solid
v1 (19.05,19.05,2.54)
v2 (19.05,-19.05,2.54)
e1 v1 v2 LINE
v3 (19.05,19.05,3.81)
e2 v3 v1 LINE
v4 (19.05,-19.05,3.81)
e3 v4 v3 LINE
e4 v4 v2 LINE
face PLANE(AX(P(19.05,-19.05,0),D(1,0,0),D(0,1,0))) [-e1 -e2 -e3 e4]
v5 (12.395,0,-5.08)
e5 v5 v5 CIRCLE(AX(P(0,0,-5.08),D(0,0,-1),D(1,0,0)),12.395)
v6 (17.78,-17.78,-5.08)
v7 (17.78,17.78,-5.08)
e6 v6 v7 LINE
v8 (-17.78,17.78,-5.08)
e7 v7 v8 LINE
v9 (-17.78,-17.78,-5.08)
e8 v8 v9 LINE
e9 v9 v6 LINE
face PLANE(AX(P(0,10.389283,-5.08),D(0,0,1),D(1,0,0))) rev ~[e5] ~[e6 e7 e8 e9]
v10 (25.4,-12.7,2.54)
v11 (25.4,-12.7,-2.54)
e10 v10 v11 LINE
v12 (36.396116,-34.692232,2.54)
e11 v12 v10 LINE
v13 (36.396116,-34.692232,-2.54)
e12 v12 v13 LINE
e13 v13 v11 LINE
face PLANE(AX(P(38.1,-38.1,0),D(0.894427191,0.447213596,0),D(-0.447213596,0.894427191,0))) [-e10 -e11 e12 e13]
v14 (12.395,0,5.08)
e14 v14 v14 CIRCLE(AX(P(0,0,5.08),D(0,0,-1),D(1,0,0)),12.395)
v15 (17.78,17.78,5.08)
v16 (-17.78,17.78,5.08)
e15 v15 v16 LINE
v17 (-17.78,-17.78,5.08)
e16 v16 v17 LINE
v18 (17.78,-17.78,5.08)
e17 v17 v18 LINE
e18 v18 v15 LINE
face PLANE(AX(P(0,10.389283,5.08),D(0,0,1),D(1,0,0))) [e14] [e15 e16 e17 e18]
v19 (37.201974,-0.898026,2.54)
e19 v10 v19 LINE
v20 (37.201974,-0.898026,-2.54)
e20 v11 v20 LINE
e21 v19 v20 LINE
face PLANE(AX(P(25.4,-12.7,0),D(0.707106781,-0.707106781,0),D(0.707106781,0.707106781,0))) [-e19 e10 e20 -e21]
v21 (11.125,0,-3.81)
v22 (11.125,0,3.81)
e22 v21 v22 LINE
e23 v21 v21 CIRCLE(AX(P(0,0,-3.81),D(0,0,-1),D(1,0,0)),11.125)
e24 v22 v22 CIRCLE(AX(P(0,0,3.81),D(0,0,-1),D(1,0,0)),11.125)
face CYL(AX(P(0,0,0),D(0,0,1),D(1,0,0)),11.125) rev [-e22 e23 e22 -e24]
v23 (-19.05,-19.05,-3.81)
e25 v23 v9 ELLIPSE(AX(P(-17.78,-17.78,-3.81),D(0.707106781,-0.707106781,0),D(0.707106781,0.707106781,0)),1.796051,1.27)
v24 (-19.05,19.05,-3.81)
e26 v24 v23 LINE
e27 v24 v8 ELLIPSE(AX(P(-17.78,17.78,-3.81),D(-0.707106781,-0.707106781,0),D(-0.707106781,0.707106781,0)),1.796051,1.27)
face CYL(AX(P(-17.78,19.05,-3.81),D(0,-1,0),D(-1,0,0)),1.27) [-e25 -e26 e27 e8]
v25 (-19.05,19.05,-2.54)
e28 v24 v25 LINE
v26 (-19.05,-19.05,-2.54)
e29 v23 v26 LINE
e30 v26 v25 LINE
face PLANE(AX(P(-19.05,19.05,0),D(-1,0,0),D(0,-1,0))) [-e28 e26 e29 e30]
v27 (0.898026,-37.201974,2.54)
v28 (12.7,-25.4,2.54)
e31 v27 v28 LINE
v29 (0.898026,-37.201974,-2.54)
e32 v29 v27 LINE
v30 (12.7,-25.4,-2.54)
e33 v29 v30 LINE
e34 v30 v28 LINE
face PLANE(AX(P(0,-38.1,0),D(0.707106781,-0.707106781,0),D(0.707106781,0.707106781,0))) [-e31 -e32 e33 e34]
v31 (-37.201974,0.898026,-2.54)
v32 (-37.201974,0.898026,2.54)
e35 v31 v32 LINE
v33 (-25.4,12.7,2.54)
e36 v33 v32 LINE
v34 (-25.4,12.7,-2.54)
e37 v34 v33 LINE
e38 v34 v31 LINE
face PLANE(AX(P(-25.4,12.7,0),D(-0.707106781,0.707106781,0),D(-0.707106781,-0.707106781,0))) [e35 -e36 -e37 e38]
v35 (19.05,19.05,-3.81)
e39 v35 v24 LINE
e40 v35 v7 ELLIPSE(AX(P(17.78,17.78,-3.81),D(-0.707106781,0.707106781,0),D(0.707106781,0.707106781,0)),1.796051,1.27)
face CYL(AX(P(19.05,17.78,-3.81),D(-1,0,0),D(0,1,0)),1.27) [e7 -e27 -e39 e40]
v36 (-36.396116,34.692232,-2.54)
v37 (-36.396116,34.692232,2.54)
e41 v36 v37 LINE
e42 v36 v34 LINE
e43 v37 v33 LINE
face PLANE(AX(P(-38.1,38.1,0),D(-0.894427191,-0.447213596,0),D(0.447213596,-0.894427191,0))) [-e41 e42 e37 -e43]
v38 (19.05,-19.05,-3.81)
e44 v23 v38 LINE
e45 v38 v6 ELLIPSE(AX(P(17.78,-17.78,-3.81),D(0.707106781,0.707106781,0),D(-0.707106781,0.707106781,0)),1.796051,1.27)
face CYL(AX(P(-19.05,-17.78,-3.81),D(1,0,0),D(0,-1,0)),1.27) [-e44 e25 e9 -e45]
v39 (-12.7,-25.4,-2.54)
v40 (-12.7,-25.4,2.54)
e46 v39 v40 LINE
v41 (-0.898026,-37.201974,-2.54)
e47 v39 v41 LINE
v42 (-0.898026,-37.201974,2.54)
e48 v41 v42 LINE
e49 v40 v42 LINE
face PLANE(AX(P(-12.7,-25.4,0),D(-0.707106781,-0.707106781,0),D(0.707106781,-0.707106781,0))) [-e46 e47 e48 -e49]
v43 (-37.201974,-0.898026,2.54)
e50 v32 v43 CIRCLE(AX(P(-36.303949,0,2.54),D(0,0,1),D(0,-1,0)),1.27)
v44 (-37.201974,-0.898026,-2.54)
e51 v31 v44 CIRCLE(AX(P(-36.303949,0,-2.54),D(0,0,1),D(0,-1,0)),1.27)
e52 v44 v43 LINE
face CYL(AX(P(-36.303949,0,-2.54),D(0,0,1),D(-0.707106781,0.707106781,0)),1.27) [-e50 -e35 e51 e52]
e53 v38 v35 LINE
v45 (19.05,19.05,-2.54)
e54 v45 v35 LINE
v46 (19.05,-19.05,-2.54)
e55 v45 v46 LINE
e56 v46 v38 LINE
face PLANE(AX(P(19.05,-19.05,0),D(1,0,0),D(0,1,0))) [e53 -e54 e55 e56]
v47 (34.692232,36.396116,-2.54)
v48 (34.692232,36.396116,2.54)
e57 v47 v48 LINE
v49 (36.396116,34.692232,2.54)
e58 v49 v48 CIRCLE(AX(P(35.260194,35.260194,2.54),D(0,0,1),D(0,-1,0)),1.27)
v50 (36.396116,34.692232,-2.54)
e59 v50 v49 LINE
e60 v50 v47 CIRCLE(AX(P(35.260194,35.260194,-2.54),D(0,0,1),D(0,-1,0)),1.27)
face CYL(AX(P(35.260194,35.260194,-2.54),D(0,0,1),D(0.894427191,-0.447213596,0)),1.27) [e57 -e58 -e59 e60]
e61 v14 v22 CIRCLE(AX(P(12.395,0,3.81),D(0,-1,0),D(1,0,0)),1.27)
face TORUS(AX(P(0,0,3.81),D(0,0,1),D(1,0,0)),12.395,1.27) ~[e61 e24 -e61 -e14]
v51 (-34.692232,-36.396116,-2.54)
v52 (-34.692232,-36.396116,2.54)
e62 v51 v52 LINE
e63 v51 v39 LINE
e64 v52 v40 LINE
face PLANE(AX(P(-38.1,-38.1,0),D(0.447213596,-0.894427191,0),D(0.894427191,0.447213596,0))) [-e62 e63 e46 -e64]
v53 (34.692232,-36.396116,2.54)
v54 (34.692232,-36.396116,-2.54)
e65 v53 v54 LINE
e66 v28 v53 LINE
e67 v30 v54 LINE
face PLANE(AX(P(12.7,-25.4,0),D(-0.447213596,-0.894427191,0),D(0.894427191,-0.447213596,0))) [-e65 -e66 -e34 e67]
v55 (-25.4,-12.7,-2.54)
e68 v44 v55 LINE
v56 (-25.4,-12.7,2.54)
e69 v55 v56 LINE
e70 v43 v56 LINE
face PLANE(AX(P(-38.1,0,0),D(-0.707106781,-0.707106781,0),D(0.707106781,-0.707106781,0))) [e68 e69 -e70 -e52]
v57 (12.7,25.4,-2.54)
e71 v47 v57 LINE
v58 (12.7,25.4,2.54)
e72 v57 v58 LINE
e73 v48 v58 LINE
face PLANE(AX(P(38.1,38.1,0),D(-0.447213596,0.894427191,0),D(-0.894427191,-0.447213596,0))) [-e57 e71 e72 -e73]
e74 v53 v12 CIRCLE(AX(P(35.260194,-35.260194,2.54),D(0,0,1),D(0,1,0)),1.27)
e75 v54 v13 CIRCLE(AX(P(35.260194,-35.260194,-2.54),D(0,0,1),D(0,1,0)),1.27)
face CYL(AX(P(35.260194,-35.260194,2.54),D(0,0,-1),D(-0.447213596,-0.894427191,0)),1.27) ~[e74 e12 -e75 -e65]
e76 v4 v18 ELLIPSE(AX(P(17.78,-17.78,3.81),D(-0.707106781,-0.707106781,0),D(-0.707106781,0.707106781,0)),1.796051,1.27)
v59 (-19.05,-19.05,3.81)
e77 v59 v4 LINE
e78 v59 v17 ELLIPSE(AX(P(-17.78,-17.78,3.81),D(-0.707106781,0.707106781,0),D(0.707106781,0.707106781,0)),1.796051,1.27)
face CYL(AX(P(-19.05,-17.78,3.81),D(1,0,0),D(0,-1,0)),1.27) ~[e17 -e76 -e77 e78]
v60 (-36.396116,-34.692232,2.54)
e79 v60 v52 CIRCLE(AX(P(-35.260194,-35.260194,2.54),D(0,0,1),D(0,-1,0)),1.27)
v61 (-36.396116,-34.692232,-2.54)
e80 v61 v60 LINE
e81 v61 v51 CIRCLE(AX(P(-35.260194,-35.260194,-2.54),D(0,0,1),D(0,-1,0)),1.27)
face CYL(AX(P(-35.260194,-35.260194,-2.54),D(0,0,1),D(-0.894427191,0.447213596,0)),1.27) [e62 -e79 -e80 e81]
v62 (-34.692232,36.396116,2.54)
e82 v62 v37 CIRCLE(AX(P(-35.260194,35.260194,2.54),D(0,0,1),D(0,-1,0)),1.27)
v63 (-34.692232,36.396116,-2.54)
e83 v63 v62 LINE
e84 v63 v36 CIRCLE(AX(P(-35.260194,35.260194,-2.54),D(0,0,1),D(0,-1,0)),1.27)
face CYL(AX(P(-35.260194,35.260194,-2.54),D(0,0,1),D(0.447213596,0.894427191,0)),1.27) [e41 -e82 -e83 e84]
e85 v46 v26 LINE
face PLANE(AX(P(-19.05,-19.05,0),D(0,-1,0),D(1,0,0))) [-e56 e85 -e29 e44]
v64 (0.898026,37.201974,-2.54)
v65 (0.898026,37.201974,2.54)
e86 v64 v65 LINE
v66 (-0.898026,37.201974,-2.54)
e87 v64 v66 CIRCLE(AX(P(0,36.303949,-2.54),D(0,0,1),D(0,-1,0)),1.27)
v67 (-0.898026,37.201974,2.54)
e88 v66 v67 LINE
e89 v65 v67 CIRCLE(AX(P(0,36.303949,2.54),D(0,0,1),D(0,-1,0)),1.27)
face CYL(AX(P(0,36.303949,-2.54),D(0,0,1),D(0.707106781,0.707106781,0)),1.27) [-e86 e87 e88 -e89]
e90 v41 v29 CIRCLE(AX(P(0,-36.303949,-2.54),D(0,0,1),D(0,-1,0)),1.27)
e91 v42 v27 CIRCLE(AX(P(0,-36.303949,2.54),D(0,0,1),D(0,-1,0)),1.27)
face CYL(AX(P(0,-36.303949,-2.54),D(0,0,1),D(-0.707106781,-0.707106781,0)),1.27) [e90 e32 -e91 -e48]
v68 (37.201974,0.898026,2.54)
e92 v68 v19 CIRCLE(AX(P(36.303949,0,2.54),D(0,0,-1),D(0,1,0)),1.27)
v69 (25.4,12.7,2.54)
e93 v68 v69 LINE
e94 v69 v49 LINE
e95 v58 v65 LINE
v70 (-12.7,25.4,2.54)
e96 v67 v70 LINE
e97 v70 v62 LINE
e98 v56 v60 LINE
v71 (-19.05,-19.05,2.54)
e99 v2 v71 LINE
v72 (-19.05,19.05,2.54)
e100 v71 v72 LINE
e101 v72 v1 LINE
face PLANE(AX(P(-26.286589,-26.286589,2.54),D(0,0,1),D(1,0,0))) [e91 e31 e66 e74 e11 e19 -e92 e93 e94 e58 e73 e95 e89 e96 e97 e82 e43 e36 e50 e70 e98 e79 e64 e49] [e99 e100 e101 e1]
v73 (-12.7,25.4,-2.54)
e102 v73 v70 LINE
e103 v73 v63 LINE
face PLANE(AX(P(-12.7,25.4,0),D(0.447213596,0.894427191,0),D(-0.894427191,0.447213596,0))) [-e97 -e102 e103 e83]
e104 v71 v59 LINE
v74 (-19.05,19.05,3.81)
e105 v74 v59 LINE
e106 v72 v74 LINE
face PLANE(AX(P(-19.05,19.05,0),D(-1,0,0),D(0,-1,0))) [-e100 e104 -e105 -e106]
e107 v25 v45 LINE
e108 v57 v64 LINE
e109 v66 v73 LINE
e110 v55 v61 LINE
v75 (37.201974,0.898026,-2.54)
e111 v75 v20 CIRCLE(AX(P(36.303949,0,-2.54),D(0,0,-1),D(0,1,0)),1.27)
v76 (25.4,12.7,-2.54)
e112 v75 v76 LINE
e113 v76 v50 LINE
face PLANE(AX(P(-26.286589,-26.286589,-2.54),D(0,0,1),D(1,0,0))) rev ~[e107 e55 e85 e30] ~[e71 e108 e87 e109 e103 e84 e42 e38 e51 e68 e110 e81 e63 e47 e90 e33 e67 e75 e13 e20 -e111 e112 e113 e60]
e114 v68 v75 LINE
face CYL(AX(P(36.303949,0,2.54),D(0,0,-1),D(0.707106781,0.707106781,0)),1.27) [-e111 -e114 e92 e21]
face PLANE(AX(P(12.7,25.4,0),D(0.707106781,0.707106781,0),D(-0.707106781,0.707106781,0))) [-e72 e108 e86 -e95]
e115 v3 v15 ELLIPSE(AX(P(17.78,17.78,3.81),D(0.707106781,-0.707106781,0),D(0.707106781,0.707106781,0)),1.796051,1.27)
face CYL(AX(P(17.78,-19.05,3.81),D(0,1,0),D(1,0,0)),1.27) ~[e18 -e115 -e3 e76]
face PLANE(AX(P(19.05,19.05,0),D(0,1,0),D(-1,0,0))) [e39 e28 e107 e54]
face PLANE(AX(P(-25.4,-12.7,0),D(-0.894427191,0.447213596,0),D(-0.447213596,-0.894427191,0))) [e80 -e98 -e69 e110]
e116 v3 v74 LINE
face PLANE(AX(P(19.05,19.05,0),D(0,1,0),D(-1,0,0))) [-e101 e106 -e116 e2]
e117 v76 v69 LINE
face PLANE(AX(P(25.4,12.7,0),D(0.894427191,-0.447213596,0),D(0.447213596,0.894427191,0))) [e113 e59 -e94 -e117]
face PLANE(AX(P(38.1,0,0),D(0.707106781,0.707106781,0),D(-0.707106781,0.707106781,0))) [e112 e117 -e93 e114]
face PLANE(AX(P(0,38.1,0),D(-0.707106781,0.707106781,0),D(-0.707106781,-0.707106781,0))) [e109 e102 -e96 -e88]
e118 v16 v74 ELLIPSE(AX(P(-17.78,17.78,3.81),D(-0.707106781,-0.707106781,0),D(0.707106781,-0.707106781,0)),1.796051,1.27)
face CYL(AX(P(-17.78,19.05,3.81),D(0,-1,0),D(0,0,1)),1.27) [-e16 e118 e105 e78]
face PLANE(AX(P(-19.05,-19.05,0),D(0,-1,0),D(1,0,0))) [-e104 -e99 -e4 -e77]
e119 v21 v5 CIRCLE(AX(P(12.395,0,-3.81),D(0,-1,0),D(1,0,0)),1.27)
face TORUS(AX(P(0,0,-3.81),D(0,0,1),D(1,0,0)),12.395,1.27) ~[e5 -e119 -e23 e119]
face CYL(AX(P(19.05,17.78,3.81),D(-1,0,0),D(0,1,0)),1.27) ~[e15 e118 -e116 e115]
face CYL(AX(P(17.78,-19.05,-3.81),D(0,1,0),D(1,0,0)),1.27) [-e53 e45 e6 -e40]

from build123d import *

# Parameters (mm, degrees)
F1_DEPTH = 5.08
F2_R     = 1.27
F3_DEPTH = 2.54
F4_R     = 1.27


with BuildPart() as f1:
    # F0 (on Top) → F1 (new body, symmetric)
    with BuildSketch(Plane.XY):
        with BuildLine():
            Line((19.05, 19.05), (-19.05, 19.05))
            Line((-19.05, 19.05), (-19.05, 0))
            Line((-19.05, 0), (-11.125, 0))
            ThreePointArc((-11.125, 0), (0, 11.125), (11.125, 0))
            Line((11.125, 0), (19.05, 0))
            Line((19.05, 0), (19.05, 19.05))
        make_face()
        with BuildLine():
            Line((-11.125, 0), (-19.05, 0))
            Line((-19.05, 0), (-19.05, -19.05))
            Line((-19.05, -19.05), (19.05, -19.05))
            Line((19.05, -19.05), (19.05, 0))
            Line((19.05, 0), (11.125, 0))
            ThreePointArc((11.125, 0), (0, -11.125), (-11.125, 0))
        make_face()
    extrude(amount=F1_DEPTH, both=True)

    # F2
    f2_edges = [f1.edges().sort_by_distance(p)[0] for p in [
        (19.05, 0, 5.08),
        (0, -19.05, 5.08),
        (-19.05, 0, 5.08),
        (0, 19.05, 5.08),
        (-11.125, 0, 5.08),
        (-11.125, 0, -5.08),
        (19.05, 0, -5.08),
        (0, -19.05, -5.08),
        (0, 19.05, -5.08),
        (-19.05, 0, -5.08),
    ]]
    fillet(f2_edges, radius=F2_R)

    # F0 (on Top) → F3 (join, symmetric)
    with BuildSketch(Plane.XY):
        Polygon((-12.7, -25.4), (-19.05, -19.05), (-25.4, -12.7), (-38.1, -38.1), align=None)
        Polygon((19.05, -19.05), (-19.05, -19.05), (-12.7, -25.4), (0, -38.1), (12.7, -25.4), align=None)
        Polygon((25.4, -12.7), (19.05, -19.05), (12.7, -25.4), (38.1, -38.1), align=None)
        Polygon((38.1, 0), (19.05, 0), (19.05, -19.05), (25.4, -12.7), align=None)
        Polygon((25.4, 12.7), (19.05, 19.05), (19.05, 0), (38.1, 0), align=None)
        Polygon((-12.7, 25.4), (-19.05, 19.05), (19.05, 19.05), (12.7, 25.4), (0, 38.1), align=None)
        Polygon((-19.05, 0), (-19.05, 19.05), (-25.4, 12.7), (-38.1, 0), (-25.4, -12.7), (-19.05, -19.05), align=None)
        Polygon((-25.4, 12.7), (-19.05, 19.05), (-12.7, 25.4), (-38.1, 38.1), align=None)
        Polygon((12.7, 25.4), (19.05, 19.05), (25.4, 12.7), (38.1, 38.1), align=None)
    extrude(amount=F3_DEPTH, both=True)

    # F4
    f4_edges = [f1.edges().sort_by_distance(p)[0] for p in [
        (-38.1, -38.1, 0),
        (-38.1, 0, 0),
        (-38.1, 38.1, 0),
        (0, 38.1, 0),
        (38.1, 38.1, 0),
        (38.1, 0, 0),
        (38.1, -38.1, 0),
        (0, -38.1, 0),
    ]]
    fillet(f4_edges, radius=F4_R)


solid = f1.part
